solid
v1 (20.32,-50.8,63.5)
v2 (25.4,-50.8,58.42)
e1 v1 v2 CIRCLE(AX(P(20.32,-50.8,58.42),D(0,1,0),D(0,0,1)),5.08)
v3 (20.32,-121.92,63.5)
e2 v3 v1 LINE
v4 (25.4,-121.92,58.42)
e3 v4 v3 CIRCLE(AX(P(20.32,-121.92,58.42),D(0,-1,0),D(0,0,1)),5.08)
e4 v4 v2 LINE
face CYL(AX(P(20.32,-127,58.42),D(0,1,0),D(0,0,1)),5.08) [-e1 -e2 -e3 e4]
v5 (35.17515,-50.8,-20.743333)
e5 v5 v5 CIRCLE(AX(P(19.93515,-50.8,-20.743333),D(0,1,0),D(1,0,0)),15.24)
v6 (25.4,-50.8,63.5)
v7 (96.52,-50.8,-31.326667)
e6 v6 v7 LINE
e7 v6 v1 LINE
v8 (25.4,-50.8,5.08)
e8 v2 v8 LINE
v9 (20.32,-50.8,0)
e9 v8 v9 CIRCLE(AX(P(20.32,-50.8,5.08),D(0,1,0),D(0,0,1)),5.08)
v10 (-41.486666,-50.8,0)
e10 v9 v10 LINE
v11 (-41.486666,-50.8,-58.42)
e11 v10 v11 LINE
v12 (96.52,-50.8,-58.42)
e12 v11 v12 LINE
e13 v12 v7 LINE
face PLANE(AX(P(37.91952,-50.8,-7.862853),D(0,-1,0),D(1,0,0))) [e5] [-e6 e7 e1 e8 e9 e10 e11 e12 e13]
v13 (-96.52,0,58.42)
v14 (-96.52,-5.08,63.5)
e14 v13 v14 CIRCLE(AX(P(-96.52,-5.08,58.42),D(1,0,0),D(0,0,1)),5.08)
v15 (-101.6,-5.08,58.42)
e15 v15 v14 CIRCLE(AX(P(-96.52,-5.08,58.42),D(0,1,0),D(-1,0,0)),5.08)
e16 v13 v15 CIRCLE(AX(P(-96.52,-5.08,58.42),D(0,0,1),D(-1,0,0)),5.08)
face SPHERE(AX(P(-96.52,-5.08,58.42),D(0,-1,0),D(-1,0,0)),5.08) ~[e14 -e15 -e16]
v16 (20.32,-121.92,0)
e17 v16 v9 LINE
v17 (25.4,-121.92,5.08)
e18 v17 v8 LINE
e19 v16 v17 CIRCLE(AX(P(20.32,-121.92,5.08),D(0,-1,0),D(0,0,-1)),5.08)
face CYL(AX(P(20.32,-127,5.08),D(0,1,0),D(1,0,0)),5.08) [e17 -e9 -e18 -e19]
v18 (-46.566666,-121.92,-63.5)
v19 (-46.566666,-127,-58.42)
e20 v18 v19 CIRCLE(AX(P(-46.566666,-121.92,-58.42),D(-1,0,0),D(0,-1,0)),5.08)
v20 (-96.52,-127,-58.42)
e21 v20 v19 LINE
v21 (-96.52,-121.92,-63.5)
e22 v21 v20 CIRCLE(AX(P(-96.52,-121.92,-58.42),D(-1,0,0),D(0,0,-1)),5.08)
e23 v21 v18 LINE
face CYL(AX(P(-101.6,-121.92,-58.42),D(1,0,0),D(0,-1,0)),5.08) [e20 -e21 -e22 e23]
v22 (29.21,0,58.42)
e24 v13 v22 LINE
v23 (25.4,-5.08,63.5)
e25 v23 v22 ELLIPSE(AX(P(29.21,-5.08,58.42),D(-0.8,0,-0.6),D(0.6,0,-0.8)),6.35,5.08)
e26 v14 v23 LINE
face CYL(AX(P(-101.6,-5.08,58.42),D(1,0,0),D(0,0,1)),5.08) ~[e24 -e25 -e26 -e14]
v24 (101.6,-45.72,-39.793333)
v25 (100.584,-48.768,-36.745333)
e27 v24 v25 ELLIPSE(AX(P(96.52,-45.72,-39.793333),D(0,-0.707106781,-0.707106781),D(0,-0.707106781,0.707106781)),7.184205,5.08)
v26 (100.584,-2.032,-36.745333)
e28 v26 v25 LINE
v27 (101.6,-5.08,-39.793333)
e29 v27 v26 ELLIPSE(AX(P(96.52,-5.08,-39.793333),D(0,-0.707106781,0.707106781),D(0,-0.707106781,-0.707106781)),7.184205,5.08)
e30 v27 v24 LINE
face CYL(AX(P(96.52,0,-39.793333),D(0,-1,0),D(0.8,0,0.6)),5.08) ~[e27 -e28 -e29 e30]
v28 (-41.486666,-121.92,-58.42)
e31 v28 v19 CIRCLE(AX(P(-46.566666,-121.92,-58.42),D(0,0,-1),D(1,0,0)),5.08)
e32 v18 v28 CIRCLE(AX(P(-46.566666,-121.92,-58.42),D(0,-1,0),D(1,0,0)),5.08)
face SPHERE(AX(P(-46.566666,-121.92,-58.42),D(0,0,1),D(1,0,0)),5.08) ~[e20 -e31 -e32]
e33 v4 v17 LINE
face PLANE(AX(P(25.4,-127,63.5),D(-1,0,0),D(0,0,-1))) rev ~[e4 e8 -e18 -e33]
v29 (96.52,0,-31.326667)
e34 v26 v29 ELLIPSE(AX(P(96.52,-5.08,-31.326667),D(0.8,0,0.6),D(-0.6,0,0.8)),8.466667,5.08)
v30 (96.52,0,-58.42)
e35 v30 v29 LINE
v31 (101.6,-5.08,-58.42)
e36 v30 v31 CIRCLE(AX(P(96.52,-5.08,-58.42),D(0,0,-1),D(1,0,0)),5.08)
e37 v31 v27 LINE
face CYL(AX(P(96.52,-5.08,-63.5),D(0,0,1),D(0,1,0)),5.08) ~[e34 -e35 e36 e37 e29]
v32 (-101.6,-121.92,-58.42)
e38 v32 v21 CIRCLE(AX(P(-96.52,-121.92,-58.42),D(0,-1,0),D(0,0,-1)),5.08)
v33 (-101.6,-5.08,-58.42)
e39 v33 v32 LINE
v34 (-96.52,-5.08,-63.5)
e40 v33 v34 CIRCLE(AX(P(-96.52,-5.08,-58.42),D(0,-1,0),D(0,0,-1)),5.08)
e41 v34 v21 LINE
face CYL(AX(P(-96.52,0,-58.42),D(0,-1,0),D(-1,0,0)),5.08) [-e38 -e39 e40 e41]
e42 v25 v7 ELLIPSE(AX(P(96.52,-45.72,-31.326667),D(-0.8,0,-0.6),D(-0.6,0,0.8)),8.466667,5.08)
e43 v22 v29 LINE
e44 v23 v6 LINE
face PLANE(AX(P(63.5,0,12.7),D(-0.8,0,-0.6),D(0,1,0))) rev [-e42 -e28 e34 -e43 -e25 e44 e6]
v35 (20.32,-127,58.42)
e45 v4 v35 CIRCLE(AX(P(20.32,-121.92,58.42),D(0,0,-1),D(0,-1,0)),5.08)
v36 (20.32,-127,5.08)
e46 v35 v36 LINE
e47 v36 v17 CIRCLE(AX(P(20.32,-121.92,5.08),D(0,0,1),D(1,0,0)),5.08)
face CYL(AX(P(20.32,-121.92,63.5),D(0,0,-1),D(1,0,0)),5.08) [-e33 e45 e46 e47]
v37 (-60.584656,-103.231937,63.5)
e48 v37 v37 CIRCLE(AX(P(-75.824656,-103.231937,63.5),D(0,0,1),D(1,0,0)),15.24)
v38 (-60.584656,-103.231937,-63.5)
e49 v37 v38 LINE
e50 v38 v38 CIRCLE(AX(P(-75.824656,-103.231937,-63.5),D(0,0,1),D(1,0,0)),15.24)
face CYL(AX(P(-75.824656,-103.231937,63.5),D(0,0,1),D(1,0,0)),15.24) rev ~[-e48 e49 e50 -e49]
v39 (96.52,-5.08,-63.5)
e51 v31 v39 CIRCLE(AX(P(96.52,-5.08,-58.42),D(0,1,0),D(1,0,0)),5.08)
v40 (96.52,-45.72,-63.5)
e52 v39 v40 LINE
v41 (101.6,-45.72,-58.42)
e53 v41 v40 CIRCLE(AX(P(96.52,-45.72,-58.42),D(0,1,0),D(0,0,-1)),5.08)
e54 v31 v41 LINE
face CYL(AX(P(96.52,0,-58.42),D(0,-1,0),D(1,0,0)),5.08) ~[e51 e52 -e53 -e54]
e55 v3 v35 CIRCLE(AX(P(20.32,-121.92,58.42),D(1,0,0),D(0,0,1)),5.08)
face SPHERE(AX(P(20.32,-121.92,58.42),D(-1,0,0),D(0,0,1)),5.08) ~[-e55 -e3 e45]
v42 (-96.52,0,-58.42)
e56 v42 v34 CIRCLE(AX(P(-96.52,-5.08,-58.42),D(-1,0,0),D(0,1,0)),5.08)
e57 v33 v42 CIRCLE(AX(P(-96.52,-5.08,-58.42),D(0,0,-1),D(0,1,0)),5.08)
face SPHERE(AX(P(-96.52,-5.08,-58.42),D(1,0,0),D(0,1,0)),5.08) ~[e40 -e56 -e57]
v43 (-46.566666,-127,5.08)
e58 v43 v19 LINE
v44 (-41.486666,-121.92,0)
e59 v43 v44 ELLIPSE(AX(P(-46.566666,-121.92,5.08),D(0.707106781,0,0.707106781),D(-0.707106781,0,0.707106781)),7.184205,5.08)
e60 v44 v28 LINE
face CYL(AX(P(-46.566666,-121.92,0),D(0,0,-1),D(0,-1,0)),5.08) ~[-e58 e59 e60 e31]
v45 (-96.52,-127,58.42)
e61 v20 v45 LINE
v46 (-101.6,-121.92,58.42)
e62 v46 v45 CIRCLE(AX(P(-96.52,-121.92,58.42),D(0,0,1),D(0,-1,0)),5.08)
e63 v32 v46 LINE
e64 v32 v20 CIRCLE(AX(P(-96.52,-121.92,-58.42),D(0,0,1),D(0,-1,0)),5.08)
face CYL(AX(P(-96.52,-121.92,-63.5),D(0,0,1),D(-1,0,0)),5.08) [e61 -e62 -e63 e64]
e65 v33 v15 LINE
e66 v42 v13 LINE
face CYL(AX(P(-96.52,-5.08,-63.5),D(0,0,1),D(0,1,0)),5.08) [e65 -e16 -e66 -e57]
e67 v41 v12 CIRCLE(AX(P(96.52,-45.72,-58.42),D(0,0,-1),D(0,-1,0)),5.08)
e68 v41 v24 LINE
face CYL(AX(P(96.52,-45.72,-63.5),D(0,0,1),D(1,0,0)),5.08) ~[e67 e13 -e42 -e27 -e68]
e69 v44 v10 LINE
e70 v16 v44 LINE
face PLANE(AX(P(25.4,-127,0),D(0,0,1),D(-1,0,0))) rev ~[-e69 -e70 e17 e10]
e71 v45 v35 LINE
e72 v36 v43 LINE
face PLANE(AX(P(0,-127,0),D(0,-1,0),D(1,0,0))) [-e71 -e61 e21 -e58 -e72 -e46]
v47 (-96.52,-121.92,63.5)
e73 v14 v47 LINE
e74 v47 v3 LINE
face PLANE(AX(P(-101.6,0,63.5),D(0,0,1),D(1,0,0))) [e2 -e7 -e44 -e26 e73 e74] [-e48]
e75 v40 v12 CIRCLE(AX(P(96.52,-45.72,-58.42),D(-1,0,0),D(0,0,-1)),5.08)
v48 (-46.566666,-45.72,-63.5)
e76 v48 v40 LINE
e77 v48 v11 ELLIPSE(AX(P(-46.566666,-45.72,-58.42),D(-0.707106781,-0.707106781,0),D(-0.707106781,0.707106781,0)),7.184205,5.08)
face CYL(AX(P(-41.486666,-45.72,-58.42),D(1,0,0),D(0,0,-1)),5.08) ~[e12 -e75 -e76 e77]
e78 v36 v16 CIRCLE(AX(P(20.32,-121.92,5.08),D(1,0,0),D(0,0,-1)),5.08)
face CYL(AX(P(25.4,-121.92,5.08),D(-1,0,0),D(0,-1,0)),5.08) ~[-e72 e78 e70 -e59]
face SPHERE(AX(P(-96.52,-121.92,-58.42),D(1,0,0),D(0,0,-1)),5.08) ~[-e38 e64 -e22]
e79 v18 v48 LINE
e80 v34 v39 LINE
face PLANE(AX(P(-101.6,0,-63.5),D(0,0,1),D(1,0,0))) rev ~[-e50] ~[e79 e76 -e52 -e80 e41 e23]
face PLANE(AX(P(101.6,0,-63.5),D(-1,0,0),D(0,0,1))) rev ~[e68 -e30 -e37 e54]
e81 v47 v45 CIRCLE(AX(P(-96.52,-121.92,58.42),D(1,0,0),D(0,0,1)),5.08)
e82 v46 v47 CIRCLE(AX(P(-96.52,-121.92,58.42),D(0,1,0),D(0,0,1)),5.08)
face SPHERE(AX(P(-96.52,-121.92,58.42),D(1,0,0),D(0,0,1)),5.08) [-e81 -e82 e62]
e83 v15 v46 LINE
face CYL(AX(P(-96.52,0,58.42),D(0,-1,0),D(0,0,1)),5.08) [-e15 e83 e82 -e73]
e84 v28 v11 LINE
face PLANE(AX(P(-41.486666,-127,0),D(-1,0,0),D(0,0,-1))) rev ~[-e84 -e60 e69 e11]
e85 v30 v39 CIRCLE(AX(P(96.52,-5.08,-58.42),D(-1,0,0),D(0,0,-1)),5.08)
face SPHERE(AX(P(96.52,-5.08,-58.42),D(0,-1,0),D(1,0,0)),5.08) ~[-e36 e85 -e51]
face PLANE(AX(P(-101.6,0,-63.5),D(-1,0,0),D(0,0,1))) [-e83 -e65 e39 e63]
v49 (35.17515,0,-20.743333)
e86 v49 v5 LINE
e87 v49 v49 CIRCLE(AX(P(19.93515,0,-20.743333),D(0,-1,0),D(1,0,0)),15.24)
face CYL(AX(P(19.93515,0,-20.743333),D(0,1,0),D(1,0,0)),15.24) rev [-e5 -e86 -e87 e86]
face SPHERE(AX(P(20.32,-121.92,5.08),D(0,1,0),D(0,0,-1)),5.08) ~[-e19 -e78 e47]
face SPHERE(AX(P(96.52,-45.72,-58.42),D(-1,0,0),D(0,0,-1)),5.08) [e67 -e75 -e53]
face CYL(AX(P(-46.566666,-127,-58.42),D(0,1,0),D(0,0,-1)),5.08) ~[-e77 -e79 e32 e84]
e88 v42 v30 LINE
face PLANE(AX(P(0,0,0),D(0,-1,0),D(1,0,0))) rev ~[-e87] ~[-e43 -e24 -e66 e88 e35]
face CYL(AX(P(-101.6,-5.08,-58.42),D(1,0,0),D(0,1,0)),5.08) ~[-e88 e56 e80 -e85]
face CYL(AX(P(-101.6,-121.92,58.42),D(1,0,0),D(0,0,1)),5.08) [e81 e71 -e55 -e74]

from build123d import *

# Parameters (mm, degrees)
F0_W          = 203.2
F0_H          = 127
F1_DEPTH      = 127
F3_DEPTH      = 76.2
F4_SIZE2      = 101.6
F4_SIZE       = 76.2
F5_R          = 5.08
F6_R          = 15.24
F7_DEPTH      = 25.4
F7_DEPTH_BACK = 76.2
F8_R          = 15.24
F9_DEPTH      = 254
F9_DEPTH_BACK = 254


with BuildPart() as f1:
    # F0 (on Front) → F1 (new body)
    with BuildSketch(Plane.XZ):
        Rectangle(F0_W, F0_H)
    extrude(amount=F1_DEPTH)

    # F2 (on face) → F3 (cut)
    with BuildSketch(Plane.XZ.offset(127)):
        Polygon((101.6, 63.5), (25.4, 63.5), (25.4, 0), (-41.4866656065, 0), (-41.4866656065, -63.5), (101.6, -63.5), align=None)
    extrude(amount=-F3_DEPTH, mode=Mode.SUBTRACT)

    # F4
    f4_edges = [f1.edges().sort_by_distance(p)[0] for p in [
        (101.6, -25.4, 63.5),
    ]]
    f4_side = f1.faces().sort_by_distance((-18.435484, -56.125806, 63.5))[0]
    chamfer(f4_edges, length=F4_SIZE, length2=F4_SIZE2, reference=f4_side)

    # F5
    f5_edges = [f1.edges().sort_by_distance(p)[0] for p in [
        (-38.1, -127, 63.5),
        (25.4, -88.9, 63.5),
        (25.4, -88.9, 0),
        (-8.043333, -127, 0),
        (-101.6, -63.5, 63.5),
        (-41.486666, -127, -31.75),
        (-41.486666, -88.9, -63.5),
        (-71.543333, -127, -63.5),
        (30.056667, -50.8, -63.5),
        (101.6, -25.4, -63.5),
        (101.6, -50.8, -50.8),
        (101.6, 0, -50.8),
        (101.6, -25.4, -38.1),
        (0, 0, -63.5),
        (-101.6, 0, 0),
        (-101.6, -63.5, -63.5),
        (25.4, -127, 31.75),
        (-101.6, -127, 0),
        (-38.1, 0, 63.5),
    ]]
    fillet(f5_edges, radius=F5_R)

    # F6 (on Front) → F7 (cut, two sides)
    with BuildSketch(Plane.XZ) as f7_sk:
        with Locations((19.9351496994, -20.7433328032)):
            Circle(F6_R)
    extrude(amount=-F7_DEPTH, mode=Mode.SUBTRACT)
    extrude(f7_sk.sketch, amount=F7_DEPTH_BACK, mode=Mode.SUBTRACT)

    # F8 (on face) → F9 (cut, two sides)
    with BuildSketch(Plane.XY.offset(63.5)) as f9_sk:
        with Locations((-75.8246555924, -103.2319366932)):
            Circle(F8_R)
    extrude(amount=-F9_DEPTH, mode=Mode.SUBTRACT)
    extrude(f9_sk.sketch, amount=F9_DEPTH_BACK, mode=Mode.SUBTRACT)


solid = f1.part
